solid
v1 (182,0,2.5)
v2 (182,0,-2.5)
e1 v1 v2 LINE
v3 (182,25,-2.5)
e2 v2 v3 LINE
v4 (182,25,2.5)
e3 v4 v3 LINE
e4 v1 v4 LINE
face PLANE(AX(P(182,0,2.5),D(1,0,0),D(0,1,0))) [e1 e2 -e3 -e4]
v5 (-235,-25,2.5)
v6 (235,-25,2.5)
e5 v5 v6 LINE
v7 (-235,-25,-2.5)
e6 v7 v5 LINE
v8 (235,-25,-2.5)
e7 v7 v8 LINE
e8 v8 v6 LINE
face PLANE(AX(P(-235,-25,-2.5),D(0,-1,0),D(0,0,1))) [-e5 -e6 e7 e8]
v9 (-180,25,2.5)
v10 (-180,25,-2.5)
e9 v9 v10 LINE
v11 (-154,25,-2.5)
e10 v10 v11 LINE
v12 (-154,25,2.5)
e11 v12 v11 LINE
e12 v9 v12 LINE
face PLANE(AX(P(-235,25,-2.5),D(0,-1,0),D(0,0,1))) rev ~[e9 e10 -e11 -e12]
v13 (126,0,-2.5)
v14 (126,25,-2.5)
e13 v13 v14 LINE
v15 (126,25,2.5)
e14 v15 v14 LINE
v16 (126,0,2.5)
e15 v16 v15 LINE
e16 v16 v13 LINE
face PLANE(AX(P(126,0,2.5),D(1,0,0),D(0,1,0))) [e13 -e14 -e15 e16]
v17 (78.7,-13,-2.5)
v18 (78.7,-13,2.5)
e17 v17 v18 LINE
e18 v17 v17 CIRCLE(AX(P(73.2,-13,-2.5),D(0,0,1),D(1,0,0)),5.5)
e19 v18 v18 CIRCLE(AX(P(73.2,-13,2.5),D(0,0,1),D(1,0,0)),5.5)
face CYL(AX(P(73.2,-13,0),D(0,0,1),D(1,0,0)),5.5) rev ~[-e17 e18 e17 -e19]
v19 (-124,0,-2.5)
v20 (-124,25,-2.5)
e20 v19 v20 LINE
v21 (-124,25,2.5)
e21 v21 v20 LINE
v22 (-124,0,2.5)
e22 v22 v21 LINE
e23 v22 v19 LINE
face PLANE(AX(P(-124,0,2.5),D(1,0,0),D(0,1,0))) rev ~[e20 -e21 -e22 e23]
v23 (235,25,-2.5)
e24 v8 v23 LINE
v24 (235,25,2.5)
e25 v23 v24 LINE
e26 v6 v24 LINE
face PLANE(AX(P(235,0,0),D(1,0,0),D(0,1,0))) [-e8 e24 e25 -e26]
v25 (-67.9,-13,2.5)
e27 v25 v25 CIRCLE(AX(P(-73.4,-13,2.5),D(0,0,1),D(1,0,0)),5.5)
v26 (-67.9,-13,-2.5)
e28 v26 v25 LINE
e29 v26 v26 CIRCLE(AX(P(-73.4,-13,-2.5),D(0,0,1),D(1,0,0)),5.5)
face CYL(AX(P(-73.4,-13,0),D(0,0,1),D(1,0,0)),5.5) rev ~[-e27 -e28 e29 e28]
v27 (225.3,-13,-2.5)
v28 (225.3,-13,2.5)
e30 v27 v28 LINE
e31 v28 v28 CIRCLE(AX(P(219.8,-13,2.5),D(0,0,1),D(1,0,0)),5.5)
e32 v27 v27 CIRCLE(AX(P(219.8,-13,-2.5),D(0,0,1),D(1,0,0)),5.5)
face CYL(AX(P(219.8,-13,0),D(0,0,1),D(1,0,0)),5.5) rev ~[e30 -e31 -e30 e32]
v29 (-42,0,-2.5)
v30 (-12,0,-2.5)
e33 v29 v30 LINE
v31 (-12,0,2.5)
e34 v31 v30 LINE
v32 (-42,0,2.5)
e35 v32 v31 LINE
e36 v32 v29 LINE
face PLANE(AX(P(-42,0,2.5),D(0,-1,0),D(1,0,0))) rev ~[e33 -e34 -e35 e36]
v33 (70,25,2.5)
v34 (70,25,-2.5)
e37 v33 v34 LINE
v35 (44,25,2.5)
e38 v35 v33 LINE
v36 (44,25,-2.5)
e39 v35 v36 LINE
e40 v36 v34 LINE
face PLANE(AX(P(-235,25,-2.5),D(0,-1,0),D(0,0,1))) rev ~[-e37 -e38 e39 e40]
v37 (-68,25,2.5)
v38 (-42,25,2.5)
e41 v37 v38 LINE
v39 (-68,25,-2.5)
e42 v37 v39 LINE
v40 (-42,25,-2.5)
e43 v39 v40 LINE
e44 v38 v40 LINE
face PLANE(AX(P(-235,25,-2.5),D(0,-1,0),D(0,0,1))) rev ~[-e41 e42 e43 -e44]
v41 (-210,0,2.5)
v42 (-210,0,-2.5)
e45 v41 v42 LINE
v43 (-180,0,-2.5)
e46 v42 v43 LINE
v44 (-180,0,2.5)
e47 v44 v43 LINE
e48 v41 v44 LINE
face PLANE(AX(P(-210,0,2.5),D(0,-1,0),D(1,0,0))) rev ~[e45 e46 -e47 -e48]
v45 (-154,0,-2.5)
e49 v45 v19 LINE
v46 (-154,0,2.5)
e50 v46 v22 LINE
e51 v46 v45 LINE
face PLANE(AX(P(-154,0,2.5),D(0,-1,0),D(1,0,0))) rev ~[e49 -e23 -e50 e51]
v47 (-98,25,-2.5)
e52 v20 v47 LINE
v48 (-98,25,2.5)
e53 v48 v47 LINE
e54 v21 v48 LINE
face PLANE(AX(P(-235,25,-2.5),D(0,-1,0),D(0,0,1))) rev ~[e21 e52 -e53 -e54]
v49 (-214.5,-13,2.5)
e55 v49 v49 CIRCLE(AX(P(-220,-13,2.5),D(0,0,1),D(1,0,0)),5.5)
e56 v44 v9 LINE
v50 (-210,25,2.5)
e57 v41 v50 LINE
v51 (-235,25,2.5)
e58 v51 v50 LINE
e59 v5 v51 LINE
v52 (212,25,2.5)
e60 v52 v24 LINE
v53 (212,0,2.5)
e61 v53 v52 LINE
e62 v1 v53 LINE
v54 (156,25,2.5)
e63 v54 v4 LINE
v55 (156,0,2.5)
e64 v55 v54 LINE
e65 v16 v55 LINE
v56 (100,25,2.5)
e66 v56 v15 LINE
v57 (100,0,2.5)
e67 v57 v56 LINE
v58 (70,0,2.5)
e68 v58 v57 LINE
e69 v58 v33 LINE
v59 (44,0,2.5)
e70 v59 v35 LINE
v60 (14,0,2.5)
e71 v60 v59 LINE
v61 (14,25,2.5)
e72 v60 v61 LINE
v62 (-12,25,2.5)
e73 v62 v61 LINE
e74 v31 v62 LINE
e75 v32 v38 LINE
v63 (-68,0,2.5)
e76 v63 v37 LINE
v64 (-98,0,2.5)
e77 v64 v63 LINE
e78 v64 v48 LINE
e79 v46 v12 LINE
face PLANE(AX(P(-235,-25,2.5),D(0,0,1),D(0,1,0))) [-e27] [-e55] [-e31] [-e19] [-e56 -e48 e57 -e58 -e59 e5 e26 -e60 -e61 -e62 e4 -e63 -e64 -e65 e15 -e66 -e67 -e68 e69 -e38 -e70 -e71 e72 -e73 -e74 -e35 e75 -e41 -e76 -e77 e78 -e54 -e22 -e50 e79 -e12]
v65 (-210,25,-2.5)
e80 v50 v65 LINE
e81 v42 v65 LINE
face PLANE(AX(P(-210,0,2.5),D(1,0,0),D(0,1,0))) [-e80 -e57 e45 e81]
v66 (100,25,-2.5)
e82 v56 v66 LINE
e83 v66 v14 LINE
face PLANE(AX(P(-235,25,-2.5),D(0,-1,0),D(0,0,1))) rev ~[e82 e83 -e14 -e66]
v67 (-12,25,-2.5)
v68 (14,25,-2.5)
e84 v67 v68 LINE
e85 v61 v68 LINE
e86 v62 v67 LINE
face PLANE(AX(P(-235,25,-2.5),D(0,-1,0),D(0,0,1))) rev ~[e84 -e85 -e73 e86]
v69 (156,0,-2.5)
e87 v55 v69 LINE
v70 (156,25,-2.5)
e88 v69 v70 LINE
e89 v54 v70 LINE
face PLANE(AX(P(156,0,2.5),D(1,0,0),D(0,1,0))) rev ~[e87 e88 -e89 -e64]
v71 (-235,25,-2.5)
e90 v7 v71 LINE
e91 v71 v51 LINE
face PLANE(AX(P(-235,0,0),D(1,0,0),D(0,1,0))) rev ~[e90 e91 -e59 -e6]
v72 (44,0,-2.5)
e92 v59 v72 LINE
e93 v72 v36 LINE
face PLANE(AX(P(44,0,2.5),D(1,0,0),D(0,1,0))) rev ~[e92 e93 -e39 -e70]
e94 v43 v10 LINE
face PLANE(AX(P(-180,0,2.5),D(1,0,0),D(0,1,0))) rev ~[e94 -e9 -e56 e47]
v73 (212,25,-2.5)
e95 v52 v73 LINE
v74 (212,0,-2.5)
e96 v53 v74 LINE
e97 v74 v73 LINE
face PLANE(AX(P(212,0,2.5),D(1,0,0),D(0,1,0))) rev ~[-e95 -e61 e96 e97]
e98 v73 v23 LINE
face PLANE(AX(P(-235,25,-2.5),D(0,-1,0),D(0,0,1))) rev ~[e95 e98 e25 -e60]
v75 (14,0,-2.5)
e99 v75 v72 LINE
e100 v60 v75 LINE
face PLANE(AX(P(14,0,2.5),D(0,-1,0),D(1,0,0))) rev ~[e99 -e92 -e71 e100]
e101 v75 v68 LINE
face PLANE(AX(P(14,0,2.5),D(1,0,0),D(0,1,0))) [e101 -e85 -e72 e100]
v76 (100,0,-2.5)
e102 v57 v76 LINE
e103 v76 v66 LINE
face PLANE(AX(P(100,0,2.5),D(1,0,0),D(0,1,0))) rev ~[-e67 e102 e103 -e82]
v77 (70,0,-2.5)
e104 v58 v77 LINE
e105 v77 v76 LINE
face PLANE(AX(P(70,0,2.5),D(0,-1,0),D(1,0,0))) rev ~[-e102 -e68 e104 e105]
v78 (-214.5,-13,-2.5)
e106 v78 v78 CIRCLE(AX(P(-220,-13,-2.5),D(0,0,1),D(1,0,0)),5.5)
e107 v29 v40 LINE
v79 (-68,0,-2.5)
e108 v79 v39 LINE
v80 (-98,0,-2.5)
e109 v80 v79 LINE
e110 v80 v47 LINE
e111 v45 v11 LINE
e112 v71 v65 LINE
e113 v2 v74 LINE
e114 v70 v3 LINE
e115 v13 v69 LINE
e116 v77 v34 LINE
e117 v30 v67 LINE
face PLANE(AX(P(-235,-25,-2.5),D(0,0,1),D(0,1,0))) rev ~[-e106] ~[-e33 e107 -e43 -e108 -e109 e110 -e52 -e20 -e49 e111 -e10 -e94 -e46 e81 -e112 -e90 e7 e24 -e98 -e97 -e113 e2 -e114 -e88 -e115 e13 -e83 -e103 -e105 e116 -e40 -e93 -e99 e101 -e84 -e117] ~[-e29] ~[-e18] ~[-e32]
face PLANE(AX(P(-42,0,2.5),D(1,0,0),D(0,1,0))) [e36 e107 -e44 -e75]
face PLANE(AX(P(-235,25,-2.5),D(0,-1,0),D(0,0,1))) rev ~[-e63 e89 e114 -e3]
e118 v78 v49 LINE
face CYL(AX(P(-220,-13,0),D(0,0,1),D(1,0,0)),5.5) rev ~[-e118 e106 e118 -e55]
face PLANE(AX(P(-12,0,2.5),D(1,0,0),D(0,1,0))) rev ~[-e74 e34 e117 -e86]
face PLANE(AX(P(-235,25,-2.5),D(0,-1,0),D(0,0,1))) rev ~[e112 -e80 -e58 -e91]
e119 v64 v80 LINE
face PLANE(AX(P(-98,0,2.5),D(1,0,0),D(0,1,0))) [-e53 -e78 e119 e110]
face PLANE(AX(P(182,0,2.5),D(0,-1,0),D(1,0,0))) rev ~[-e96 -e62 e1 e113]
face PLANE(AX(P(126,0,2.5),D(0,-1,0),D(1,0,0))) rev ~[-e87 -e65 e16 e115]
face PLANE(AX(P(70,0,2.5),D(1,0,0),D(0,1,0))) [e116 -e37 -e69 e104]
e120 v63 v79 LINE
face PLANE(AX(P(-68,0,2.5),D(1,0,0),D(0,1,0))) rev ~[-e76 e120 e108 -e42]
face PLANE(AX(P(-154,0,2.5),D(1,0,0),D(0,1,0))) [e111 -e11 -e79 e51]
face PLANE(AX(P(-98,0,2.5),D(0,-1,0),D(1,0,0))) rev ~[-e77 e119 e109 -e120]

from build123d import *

# Parameters (mm, degrees)
PLAT_W                      = 50
PLAT_H                      = 5
EL_MENT_M_CANO_SOUD_1_DEPTH = 470
ESQUISSE7_W                 = 30
ESQUISSE7_H                 = 25
ENL_V_MAT_EXTRU_2_DEPTH     = 6
R_P_TITION_LIN_AIRE2_COUNT  = 8
R_P_TITION_LIN_AIRE2_PITCH  = 56
ESQUISSE8_R                 = 5.5
ENL_V_MAT_EXTRU_3_DEPTH     = 5
R_P_TITION_LIN_AIRE3_COUNT  = 4
R_P_TITION_LIN_AIRE3_PITCH  = 146.6


with BuildPart() as part:
    # plat → Elément mécano-soudé1 (new body)
    with BuildSketch(Plane.YZ.offset(-235)):
        Rectangle(PLAT_W, PLAT_H)
    extrude(amount=EL_MENT_M_CANO_SOUD_1_DEPTH)

    # Esquisse7 → Enlèv. mat.-Extru.2 (cut, through all)
    with BuildSketch(Plane.XY.offset(2.5)):
        with Locations((-195, 12.5)):
            Rectangle(ESQUISSE7_W, ESQUISSE7_H)
    enl_v_mat_extru_2 = extrude(amount=-ENL_V_MAT_EXTRU_2_DEPTH, mode=Mode.SUBTRACT)

    # Répétition linéaire2: Enlèv. mat.-Extru.2 ×8
    with Locations(*[(i * R_P_TITION_LIN_AIRE2_PITCH, 0, 0) for i in range(1, R_P_TITION_LIN_AIRE2_COUNT)]):
        add(enl_v_mat_extru_2, mode=Mode.SUBTRACT)

    # Esquisse8 → Enlèv. mat.-Extru.3 (cut, symmetric)
    with BuildSketch(Plane.XY):
        with Locations((-220, -13)):
            Circle(ESQUISSE8_R)
    enl_v_mat_extru_3 = extrude(amount=ENL_V_MAT_EXTRU_3_DEPTH, both=True, mode=Mode.SUBTRACT)

    # Répétition linéaire3: Enlèv. mat.-Extru.3 ×4
    with Locations(*[(i * R_P_TITION_LIN_AIRE3_PITCH, 0, 0) for i in range(1, R_P_TITION_LIN_AIRE3_COUNT)]):
        add(enl_v_mat_extru_3, mode=Mode.SUBTRACT)


solid = part.part
